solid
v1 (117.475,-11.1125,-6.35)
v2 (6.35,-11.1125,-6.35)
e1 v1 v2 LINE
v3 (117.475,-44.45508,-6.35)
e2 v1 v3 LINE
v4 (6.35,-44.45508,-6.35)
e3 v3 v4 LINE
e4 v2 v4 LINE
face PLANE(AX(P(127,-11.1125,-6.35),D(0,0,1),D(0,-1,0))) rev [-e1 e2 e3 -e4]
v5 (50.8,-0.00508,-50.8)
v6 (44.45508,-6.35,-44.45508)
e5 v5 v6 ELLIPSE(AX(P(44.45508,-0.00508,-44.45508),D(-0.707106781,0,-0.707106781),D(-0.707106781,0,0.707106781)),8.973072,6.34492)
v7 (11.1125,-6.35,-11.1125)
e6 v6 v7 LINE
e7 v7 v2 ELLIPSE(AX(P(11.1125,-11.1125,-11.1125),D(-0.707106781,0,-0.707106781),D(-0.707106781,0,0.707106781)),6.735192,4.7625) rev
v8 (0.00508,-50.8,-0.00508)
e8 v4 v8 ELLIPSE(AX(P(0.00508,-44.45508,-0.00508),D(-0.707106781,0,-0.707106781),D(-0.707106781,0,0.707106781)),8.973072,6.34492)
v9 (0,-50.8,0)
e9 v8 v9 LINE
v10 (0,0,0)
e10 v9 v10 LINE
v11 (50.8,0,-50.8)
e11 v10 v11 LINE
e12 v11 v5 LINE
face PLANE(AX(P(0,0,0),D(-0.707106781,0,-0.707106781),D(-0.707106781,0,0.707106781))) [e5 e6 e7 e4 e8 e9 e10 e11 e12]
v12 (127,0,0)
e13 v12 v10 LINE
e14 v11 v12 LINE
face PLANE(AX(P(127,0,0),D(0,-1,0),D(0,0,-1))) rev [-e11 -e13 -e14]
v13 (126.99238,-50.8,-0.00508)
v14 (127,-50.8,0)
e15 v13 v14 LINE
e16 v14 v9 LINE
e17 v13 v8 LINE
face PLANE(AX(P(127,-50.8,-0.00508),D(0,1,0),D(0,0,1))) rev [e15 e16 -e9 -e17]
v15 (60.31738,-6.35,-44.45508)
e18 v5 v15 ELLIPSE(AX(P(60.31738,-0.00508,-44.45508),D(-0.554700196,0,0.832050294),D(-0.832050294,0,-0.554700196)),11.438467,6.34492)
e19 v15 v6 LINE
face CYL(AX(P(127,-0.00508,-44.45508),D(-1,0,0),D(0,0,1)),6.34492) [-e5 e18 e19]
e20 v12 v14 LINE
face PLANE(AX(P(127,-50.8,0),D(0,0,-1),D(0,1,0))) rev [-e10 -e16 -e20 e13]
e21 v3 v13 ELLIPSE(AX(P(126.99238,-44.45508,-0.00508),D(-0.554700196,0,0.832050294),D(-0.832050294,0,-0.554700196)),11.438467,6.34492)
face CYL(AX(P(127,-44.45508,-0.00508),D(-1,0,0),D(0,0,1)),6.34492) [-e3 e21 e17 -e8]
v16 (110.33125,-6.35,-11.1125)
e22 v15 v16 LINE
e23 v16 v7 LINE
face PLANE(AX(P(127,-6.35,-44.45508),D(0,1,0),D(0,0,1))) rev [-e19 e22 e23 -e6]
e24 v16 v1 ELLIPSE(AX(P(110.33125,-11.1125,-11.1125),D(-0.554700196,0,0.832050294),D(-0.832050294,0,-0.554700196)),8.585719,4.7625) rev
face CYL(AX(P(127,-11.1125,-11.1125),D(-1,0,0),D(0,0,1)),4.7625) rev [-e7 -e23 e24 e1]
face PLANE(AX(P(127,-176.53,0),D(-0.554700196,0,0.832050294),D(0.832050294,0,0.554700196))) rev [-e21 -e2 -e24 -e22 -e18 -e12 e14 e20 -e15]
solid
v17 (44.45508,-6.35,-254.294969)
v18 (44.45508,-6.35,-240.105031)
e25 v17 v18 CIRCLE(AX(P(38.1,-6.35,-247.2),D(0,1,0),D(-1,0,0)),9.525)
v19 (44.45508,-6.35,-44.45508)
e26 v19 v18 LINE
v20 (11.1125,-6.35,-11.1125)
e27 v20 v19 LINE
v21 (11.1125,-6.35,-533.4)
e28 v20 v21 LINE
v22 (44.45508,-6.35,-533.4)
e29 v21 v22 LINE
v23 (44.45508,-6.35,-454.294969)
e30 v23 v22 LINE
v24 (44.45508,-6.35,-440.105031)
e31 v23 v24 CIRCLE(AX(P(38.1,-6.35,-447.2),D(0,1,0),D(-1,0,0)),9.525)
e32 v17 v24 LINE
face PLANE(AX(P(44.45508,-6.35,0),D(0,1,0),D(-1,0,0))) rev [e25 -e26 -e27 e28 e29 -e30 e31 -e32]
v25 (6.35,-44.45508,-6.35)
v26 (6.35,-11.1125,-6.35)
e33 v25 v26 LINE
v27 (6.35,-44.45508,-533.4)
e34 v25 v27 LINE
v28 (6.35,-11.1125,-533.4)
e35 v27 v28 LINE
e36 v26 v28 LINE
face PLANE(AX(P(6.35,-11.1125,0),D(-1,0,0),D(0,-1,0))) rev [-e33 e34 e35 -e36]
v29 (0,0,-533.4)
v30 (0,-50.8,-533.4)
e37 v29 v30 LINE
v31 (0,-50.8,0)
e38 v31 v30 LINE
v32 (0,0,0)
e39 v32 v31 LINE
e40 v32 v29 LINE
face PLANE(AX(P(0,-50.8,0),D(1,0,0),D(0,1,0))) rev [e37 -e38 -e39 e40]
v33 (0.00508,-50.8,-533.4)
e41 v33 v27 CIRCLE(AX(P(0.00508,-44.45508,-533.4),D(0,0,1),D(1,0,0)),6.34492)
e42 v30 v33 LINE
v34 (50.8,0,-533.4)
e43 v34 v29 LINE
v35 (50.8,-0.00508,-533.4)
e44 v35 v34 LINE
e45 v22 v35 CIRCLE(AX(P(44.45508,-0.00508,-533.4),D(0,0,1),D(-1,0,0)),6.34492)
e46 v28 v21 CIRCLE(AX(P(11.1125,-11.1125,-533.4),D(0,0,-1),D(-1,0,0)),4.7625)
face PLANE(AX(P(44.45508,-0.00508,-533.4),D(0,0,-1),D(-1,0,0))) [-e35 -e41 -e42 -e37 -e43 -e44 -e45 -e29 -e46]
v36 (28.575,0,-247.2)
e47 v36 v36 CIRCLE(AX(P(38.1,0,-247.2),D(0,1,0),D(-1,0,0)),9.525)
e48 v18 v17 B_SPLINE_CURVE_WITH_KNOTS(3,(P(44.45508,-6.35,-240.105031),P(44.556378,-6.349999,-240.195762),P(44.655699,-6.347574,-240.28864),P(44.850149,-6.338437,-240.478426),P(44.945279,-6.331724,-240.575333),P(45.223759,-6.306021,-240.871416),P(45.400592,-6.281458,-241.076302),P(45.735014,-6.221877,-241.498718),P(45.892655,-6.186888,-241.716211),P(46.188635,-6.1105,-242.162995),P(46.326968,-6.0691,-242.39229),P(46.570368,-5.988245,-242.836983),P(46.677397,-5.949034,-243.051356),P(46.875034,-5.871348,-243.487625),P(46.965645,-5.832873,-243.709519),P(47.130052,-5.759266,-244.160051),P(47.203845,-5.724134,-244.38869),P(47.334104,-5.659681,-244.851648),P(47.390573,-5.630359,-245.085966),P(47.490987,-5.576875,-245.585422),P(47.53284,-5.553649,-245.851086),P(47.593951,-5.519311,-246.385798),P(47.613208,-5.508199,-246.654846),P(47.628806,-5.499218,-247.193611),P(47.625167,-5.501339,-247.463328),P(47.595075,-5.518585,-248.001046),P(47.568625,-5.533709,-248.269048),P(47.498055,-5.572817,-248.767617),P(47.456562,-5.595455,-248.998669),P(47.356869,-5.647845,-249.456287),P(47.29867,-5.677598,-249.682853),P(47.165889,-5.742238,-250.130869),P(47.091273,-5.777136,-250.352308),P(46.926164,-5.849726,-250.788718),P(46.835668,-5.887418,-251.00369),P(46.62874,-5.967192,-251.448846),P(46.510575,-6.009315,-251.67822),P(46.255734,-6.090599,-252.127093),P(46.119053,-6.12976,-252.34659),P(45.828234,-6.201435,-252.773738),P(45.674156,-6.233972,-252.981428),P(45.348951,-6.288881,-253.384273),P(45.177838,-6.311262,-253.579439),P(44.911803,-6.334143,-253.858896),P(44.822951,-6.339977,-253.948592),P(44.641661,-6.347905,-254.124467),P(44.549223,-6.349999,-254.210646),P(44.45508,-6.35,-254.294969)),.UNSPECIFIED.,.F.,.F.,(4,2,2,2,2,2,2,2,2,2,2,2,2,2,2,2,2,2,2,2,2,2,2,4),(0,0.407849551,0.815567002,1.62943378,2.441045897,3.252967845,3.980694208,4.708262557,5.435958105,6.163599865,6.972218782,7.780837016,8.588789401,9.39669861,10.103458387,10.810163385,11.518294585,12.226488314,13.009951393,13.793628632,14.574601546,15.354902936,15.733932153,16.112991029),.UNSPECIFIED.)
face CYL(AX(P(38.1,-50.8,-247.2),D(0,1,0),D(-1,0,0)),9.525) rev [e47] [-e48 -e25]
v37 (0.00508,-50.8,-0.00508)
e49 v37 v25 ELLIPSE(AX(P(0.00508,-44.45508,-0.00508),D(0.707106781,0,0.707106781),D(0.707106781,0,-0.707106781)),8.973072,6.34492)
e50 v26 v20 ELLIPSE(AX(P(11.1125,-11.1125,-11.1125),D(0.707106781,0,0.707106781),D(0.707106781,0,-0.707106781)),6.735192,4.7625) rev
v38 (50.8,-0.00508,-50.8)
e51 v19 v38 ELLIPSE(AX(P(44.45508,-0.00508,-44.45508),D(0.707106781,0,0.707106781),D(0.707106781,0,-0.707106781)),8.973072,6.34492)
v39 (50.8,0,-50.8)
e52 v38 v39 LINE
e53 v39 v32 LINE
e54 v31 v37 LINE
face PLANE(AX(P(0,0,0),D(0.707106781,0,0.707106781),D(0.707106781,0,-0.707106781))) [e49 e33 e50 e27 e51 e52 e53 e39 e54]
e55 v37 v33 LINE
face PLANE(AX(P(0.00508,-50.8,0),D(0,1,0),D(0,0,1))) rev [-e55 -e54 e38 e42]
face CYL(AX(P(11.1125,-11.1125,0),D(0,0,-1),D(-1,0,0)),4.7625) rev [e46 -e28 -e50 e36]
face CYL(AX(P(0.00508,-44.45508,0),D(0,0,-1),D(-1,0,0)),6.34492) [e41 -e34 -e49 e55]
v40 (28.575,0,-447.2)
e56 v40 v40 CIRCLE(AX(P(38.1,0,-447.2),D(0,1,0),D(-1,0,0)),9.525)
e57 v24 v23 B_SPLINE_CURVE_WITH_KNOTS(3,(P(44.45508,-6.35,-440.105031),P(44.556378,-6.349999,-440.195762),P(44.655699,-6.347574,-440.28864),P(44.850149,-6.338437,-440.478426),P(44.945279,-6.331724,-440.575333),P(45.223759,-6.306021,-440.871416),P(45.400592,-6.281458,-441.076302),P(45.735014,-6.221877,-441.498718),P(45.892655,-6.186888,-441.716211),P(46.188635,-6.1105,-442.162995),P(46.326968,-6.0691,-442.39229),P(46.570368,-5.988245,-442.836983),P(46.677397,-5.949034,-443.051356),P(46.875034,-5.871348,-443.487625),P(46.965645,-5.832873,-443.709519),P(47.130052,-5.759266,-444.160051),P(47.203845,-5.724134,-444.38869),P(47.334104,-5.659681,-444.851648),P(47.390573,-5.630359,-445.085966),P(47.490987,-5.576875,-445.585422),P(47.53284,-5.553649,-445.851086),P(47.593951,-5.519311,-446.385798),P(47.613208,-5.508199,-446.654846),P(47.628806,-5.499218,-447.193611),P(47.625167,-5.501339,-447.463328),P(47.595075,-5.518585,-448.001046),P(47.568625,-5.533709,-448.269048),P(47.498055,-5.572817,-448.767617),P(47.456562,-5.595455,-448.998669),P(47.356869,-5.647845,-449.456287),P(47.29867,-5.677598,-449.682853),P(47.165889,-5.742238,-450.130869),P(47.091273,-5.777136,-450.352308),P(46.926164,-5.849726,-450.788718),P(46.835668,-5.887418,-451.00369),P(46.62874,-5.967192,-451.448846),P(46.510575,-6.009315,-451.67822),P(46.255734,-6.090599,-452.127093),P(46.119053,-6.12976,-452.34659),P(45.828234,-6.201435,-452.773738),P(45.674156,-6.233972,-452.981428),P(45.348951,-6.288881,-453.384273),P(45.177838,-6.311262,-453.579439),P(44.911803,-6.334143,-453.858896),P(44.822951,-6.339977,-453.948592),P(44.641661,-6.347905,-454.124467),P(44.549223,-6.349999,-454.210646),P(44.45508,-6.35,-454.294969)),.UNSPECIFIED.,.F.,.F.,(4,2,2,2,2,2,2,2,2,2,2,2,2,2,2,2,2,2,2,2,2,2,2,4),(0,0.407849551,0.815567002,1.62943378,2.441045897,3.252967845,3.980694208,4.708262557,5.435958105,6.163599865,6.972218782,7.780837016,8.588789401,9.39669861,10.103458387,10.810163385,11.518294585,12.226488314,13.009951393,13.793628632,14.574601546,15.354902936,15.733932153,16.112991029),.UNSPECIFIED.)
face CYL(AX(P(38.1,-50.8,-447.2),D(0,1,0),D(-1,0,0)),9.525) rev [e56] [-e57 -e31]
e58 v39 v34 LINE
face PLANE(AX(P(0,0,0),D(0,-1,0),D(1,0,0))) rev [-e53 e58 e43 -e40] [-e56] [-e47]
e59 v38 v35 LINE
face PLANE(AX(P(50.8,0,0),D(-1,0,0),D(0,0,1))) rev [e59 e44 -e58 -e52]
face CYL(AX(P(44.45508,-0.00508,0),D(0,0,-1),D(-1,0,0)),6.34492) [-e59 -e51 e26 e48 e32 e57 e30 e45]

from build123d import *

# Parameters (mm, degrees)
HIERRO_ANGULAR_2_X_2_X_0_125_1_DEPTH        = 606.242048969
HIERRO_ANGULAR_2_X_2_X_0_125_1_2_DEPTH      = 127
HIERRO_ANGULAR_2_X_2_X_0_125_1_2_DEPTH_BACK = 72.842048969
CROQUIS2_R                                  = 9.525
CORTAR_EXTRUIR1_DEPTH                       = 551.658878072
CORTAR_EXTRUIR2_DEPTH                       = 176.53


with BuildPart() as part:
    # Sketch1 on segment 1 (carried to segment 1) → Hierro angular 2 X 2 X 0.125(1) (new body)
    with BuildSketch(Plane(origin=(0, 0, -533.4), x_dir=(0, -1, 0), z_dir=(0, 0, 1))):
        with BuildLine():
            Line((0, 0), (0, 50.8))
            Line((0, 50.8), (0.00508, 50.8))
            ThreePointArc((0.00508, 50.8), (4.491615958, 48.941615958), (6.35, 44.45508))
            Line((6.35, 44.45508), (6.35, 11.1125))
            ThreePointArc((6.35, 11.1125), (7.744903955, 7.744903955), (11.1125, 6.35))
            Line((11.1125, 6.35), (44.45508, 6.35))
            ThreePointArc((44.45508, 6.35), (48.941615958, 4.491615958), (50.8, 0.00508))
            Line((50.8, 0.00508), (50.8, 0))
            Line((50.8, 0), (0, 0))
        make_face()
    extrude(amount=HIERRO_ANGULAR_2_X_2_X_0_125_1_DEPTH)

    # Hierro angular 2 X 2 X 0.125(1) mitre 1
    split(bisect_by=Plane(origin=(0, 0, 0), x_dir=(0, -1, 0), z_dir=(-0.707106781, 0, -0.707106781)), keep=Keep.TOP)

    # Croquis2 → Cortar-Extruir1 (cut, through all)
    with BuildSketch(Plane(origin=(0, 0, 0), x_dir=(1, 0, 0), z_dir=(0, 1, 0))):
        with Locations(Location((38.1, 447.2, 0), (0, 0, 180))):
            Circle(CROQUIS2_R)
        with Locations(Location((38.1, 247.2, 0), (0, 0, 180))):
            Circle(CROQUIS2_R)
    extrude(amount=-CORTAR_EXTRUIR1_DEPTH, mode=Mode.SUBTRACT)


with BuildPart() as body_2:
    # Sketch1 → Hierro angular 2 X 2 X 0.125_1 2 (new, two sides: drawn at the far end of the back side and taken through both)
    with BuildSketch(Plane(origin=(0, 0, 0), x_dir=(0, -1, 0), z_dir=(1, 0, 0)).offset(-HIERRO_ANGULAR_2_X_2_X_0_125_1_2_DEPTH_BACK)):
        with BuildLine():
            Line((0, 0), (0, 50.8))
            Line((0, 50.8), (0.00508, 50.8))
            ThreePointArc((0.00508, 50.8), (4.491615958, 48.941615958), (6.35, 44.45508))
            Line((6.35, 44.45508), (6.35, 11.1125))
            ThreePointArc((6.35, 11.1125), (7.744903955, 7.744903955), (11.1125, 6.35))
            Line((11.1125, 6.35), (44.45508, 6.35))
            ThreePointArc((44.45508, 6.35), (48.941615958, 4.491615958), (50.8, 0.00508))
            Line((50.8, 0.00508), (50.8, 0))
            Line((50.8, 0), (0, 0))
        make_face()
    extrude(amount=HIERRO_ANGULAR_2_X_2_X_0_125_1_2_DEPTH + HIERRO_ANGULAR_2_X_2_X_0_125_1_2_DEPTH_BACK)

    # Hierro angular 2 X 2 X 0.125_1 2 mitre 1
    split(bisect_by=Plane(origin=(0, 0, 0), x_dir=(0, 1, 0), z_dir=(0.707106781, 0, 0.707106781)), keep=Keep.TOP)

    # Croquis3 → Cortar-Extruir2 (cut)
    with BuildSketch(Plane(origin=(0, 0, 0), x_dir=(1, 0, 0), z_dir=(0, 1, 0))):
        Polygon((127, 0), (50.8, 50.8), (127, 50.8), align=None)
    extrude(amount=-CORTAR_EXTRUIR2_DEPTH, mode=Mode.SUBTRACT)


solid = Compound([part.part, body_2.part])
